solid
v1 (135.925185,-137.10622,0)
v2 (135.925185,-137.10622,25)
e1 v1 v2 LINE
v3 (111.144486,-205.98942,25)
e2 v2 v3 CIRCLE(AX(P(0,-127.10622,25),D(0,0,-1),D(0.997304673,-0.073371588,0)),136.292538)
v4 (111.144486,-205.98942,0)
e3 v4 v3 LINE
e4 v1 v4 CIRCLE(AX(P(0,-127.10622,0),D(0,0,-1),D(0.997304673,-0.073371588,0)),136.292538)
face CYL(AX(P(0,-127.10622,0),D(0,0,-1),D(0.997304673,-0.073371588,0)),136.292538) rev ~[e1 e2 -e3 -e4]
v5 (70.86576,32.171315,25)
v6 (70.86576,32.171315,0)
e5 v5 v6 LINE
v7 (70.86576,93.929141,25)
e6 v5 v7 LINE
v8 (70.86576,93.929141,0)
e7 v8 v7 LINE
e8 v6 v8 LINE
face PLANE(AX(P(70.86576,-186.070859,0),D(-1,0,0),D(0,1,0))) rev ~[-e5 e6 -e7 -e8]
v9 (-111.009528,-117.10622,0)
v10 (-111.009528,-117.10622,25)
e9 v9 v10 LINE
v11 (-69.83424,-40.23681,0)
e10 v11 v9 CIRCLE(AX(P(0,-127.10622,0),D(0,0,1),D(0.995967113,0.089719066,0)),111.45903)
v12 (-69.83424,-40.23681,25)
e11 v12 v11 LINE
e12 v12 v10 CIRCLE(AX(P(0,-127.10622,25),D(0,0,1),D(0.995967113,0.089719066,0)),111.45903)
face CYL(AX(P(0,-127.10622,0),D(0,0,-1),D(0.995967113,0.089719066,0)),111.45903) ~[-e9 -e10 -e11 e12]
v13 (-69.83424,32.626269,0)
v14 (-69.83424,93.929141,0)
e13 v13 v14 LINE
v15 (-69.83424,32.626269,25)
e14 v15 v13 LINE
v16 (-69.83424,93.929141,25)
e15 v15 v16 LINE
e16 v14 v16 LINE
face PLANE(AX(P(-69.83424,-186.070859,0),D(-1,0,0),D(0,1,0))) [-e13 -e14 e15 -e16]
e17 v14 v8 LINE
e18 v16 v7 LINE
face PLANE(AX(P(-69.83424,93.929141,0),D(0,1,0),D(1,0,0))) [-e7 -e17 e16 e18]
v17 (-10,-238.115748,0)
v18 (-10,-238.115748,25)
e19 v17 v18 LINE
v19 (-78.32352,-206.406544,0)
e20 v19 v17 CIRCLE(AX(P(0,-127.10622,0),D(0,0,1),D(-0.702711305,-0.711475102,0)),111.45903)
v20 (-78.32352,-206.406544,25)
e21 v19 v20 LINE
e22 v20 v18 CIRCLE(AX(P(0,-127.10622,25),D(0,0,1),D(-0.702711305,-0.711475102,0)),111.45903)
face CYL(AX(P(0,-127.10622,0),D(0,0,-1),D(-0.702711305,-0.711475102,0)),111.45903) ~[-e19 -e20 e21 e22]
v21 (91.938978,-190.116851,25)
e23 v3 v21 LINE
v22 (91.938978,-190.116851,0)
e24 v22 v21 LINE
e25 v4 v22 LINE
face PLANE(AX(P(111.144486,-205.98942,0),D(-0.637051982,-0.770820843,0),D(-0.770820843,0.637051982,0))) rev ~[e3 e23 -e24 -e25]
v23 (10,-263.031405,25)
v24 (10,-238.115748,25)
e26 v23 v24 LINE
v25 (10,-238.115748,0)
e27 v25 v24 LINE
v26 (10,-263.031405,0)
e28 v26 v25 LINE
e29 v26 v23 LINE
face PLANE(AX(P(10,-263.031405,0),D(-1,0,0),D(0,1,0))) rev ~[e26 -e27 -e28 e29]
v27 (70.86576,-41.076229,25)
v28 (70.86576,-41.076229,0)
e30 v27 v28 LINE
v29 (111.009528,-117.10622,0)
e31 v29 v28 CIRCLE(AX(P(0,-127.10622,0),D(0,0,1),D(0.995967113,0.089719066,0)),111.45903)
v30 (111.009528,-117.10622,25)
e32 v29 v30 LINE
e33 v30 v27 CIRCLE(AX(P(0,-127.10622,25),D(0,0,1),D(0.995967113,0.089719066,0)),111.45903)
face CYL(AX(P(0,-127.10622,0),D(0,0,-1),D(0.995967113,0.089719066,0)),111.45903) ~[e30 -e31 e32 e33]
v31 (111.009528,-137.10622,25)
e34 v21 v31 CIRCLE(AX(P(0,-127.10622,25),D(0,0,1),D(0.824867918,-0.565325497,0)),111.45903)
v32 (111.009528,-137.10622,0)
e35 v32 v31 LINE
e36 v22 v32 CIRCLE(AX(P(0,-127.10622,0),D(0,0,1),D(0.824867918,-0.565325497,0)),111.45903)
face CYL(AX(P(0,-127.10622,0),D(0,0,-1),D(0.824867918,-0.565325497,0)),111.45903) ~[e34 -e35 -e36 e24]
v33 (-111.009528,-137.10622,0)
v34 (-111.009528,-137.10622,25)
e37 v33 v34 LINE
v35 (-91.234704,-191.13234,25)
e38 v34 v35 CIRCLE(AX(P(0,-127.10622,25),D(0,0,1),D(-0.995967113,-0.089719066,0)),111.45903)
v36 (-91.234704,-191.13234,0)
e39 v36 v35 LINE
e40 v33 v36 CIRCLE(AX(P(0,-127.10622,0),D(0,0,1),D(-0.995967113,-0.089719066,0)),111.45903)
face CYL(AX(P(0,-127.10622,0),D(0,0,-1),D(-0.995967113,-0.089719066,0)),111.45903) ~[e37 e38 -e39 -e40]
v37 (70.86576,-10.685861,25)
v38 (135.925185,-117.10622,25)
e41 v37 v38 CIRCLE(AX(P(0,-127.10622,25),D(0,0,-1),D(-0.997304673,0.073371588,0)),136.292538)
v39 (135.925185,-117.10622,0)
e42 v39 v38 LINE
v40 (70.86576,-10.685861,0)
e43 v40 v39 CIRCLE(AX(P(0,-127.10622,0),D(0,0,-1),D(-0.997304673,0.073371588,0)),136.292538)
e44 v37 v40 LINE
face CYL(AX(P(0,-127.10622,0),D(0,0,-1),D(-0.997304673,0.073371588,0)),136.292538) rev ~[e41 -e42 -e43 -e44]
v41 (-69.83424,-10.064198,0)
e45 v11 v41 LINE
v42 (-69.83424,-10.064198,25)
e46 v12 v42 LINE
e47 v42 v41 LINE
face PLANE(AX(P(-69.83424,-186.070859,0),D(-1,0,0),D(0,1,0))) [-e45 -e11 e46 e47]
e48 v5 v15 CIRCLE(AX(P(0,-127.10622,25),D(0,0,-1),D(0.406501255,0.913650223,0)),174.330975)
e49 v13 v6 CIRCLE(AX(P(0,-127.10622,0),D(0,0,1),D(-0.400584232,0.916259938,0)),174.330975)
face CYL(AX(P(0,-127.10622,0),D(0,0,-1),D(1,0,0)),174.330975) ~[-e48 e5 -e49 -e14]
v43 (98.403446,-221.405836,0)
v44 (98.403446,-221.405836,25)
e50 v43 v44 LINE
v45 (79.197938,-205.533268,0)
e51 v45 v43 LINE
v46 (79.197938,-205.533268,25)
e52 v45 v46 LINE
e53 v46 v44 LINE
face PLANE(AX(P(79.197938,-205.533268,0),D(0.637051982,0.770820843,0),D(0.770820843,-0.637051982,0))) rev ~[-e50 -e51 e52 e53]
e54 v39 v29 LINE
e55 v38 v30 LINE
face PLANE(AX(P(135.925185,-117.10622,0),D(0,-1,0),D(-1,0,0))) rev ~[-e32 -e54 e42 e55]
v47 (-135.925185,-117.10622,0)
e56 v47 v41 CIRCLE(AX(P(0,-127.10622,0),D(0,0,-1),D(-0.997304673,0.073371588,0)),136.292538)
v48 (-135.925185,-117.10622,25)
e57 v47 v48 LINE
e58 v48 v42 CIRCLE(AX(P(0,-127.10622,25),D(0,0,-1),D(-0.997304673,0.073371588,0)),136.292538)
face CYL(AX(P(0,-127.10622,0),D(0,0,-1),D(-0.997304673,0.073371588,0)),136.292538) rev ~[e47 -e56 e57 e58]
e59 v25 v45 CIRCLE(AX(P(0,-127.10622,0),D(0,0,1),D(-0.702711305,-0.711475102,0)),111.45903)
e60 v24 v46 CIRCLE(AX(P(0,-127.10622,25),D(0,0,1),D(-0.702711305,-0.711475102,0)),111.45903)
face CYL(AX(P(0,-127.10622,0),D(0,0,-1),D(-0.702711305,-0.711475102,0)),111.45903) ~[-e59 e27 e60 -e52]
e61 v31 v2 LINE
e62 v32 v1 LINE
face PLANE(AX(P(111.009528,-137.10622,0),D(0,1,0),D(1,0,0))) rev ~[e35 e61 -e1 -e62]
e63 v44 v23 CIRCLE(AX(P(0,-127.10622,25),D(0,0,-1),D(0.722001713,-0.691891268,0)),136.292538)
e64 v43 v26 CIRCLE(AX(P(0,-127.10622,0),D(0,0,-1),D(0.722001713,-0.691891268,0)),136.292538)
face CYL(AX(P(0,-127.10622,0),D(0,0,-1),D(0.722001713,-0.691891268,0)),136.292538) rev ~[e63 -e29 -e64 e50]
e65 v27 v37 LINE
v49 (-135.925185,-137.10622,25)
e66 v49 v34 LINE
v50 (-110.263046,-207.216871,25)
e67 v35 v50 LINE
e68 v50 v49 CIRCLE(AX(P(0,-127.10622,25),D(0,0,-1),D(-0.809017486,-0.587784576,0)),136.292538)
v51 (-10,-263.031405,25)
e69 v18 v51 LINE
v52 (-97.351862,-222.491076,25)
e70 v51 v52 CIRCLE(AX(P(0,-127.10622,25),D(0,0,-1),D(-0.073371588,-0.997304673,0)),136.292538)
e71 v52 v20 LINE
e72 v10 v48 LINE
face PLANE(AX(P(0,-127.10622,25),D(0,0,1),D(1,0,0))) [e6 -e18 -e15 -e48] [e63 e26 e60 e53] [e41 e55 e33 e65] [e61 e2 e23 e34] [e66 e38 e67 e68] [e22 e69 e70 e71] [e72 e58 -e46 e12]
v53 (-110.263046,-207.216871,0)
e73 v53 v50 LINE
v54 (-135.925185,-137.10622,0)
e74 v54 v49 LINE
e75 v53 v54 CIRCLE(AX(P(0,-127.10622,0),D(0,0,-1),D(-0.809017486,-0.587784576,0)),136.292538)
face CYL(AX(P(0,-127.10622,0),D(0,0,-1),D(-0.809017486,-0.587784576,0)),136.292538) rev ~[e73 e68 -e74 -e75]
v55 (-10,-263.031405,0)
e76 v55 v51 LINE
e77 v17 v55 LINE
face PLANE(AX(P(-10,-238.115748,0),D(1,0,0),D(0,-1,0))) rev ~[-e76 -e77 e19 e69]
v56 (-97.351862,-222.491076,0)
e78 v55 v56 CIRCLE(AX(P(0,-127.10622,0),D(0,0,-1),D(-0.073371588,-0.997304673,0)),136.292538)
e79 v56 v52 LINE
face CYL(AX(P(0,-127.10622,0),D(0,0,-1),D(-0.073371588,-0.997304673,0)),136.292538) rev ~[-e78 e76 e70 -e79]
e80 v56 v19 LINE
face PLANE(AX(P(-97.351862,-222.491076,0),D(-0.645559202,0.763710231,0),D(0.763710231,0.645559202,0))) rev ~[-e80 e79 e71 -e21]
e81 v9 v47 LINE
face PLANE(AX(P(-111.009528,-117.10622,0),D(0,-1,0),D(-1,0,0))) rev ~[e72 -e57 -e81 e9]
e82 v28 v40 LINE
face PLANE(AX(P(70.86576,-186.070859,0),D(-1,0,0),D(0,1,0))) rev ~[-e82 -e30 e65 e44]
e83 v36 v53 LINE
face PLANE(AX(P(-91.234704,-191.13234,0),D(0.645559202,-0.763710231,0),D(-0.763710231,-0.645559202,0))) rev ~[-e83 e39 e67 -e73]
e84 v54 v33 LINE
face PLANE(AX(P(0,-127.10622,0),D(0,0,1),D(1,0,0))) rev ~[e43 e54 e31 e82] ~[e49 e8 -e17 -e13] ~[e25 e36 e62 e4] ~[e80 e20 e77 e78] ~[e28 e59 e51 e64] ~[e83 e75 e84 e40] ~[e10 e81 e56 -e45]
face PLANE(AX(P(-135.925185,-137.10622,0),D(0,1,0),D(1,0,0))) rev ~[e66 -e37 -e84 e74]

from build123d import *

# Parameters (mm, degrees)
F0_W     = 140.7
F0_H     = 280
F1_DEPTH = 25
F2_R     = 174.3309751569
F3_DEPTH = 25


with BuildPart() as f1:
    # F0 (on Top) → F1 (new body)
    with BuildSketch(Plane.XY):
        with Locations((0.5157602191, -46.0708594322)):
            Rectangle(F0_W, F0_H)
    extrude(amount=F1_DEPTH)

    # F2 (on Top) → F3 (join)
    with BuildSketch(Plane.XY):
        with Locations((0, -127.1062195301)):
            Circle(F2_R)
        with BuildLine():
            ThreePointArc((135.9251850135, -117.1062195301), (136.2006688085, -122.1028469617), (136.2925380237, -127.1062195301))
            ThreePointArc((136.2925380237, -127.1062195301), (136.2006688085, -132.1095920985), (135.9251850135, -137.1062195301))
            ThreePointArc((135.9251850135, -137.1062195301), (128.2461669599, -173.2427189751), (111.1444855362, -205.9894196163))
            ThreePointArc((111.1444855362, -205.9894196163), (105.0571290732, -213.9316510109), (98.4034458961, -221.4058364791))
            ThreePointArc((98.4034458961, -221.4058364791), (58.0603027008, -250.4133854664), (10, -263.0314045436))
            ThreePointArc((10, -263.0314045436), (0, -263.3987575538), (-10, -263.0314045436))
            ThreePointArc((-10, -263.0314045436), (-57.3758238008, -250.7333636536), (-97.3518624436, -222.4910757689))
            ThreePointArc((-97.3518624436, -222.4910757689), (-104.0880057129, -215.0911215739), (-110.2630464775, -207.2168711467))
            ThreePointArc((-110.2630464775, -207.2168711467), (-127.9884260341, -173.9529773929), (-135.9251850135, -137.1062195301))
            ThreePointArc((-135.9251850135, -137.1062195301), (-136.2925380237, -127.1062195301), (-135.9251850135, -117.1062195301))
            ThreePointArc((-135.9251850135, -117.1062195301), (0, 9.1863184936), (135.9251850135, -117.1062195301))
        make_face(mode=Mode.SUBTRACT)
        with BuildLine():
            ThreePointArc((111.4590298101, -127.1062195301), (111.3465976726, -122.1011707841), (111.0095280875, -117.1062195301))
            ThreePointArc((111.0095280875, -117.1062195301), (0, -15.64718972), (-111.0095280875, -117.1062195301))
            ThreePointArc((-111.0095280875, -117.1062195301), (-111.4590298101, -127.1062195301), (-111.0095280875, -137.1062195301))
            ThreePointArc((-111.0095280875, -137.1062195301), (-104.667988428, -165.4171517121), (-91.2347043683, -191.1323395519))
            ThreePointArc((-91.2347043683, -191.1323395519), (-85.1224014158, -199.0596218362), (-78.3235203344, -206.4065441741))
            ThreePointArc((-78.3235203344, -206.4065441741), (-46.9215244512, -228.2075838601), (-10, -238.1157476176))
            ThreePointArc((-10, -238.1157476176), (0, -238.5652493402), (10, -238.1157476176))
            ThreePointArc((10, -238.1157476176), (47.4812862344, -227.9459080646), (79.197938217, -205.5332678514))
            ThreePointArc((79.197938217, -205.5332678514), (85.9149433339, -198.1114153833), (91.9389778571, -190.1168509886))
            ThreePointArc((91.9389778571, -190.1168509886), (104.8787670513, -164.8363076298), (111.0095280875, -137.1062195301))
            ThreePointArc((111.0095280875, -137.1062195301), (111.3465976726, -132.1112682761), (111.4590298101, -127.1062195301))
        make_face()
        with BuildLine():
            ThreePointArc((-10, -263.0314045436), (0, -263.3987575538), (10, -263.0314045436))
            Line((10, -263.0314045436), (10, -238.1157476176))
            ThreePointArc((10, -238.1157476176), (0, -238.5652493402), (-10, -238.1157476176))
            Line((-10, -238.1157476176), (-10, -263.0314045436))
        make_face()
        with BuildLine():
            Line((-111.0095280875, -117.1062195301), (-135.9251850135, -117.1062195301))
            ThreePointArc((-135.9251850135, -117.1062195301), (-136.2925380237, -127.1062195301), (-135.9251850135, -137.1062195301))
            Line((-135.9251850135, -137.1062195301), (-111.0095280875, -137.1062195301))
            ThreePointArc((-111.0095280875, -137.1062195301), (-111.4590298101, -127.1062195301), (-111.0095280875, -117.1062195301))
        make_face()
        with BuildLine():
            Line((-91.2347043683, -191.1323395519), (-110.2630464775, -207.2168711467))
            ThreePointArc((-110.2630464775, -207.2168711467), (-104.0880057129, -215.0911215739), (-97.3518624436, -222.4910757689))
            Line((-97.3518624436, -222.4910757689), (-78.3235203344, -206.4065441741))
            ThreePointArc((-78.3235203344, -206.4065441741), (-85.1224014158, -199.0596218362), (-91.2347043683, -191.1323395519))
        make_face()
        with BuildLine():
            ThreePointArc((98.4034458961, -221.4058364791), (105.0571290732, -213.9316510109), (111.1444855362, -205.9894196163))
            Line((111.1444855362, -205.9894196163), (91.9389778571, -190.1168509886))
            ThreePointArc((91.9389778571, -190.1168509886), (85.9149433339, -198.1114153833), (79.197938217, -205.5332678514))
            Line((79.197938217, -205.5332678514), (98.4034458961, -221.4058364791))
        make_face()
        with BuildLine():
            ThreePointArc((135.9251850135, -137.1062195301), (136.2006688085, -132.1095920985), (136.2925380237, -127.1062195301))
            ThreePointArc((136.2925380237, -127.1062195301), (136.2006688085, -122.1028469617), (135.9251850135, -117.1062195301))
            Line((135.9251850135, -117.1062195301), (111.0095280875, -117.1062195301))
            ThreePointArc((111.0095280875, -117.1062195301), (111.3465976726, -122.1011707841), (111.4590298101, -127.1062195301))
            ThreePointArc((111.4590298101, -127.1062195301), (111.3465976726, -132.1112682761), (111.0095280875, -137.1062195301))
            Line((111.0095280875, -137.1062195301), (135.9251850135, -137.1062195301))
        make_face()
    extrude(amount=F3_DEPTH)


solid = f1.part
